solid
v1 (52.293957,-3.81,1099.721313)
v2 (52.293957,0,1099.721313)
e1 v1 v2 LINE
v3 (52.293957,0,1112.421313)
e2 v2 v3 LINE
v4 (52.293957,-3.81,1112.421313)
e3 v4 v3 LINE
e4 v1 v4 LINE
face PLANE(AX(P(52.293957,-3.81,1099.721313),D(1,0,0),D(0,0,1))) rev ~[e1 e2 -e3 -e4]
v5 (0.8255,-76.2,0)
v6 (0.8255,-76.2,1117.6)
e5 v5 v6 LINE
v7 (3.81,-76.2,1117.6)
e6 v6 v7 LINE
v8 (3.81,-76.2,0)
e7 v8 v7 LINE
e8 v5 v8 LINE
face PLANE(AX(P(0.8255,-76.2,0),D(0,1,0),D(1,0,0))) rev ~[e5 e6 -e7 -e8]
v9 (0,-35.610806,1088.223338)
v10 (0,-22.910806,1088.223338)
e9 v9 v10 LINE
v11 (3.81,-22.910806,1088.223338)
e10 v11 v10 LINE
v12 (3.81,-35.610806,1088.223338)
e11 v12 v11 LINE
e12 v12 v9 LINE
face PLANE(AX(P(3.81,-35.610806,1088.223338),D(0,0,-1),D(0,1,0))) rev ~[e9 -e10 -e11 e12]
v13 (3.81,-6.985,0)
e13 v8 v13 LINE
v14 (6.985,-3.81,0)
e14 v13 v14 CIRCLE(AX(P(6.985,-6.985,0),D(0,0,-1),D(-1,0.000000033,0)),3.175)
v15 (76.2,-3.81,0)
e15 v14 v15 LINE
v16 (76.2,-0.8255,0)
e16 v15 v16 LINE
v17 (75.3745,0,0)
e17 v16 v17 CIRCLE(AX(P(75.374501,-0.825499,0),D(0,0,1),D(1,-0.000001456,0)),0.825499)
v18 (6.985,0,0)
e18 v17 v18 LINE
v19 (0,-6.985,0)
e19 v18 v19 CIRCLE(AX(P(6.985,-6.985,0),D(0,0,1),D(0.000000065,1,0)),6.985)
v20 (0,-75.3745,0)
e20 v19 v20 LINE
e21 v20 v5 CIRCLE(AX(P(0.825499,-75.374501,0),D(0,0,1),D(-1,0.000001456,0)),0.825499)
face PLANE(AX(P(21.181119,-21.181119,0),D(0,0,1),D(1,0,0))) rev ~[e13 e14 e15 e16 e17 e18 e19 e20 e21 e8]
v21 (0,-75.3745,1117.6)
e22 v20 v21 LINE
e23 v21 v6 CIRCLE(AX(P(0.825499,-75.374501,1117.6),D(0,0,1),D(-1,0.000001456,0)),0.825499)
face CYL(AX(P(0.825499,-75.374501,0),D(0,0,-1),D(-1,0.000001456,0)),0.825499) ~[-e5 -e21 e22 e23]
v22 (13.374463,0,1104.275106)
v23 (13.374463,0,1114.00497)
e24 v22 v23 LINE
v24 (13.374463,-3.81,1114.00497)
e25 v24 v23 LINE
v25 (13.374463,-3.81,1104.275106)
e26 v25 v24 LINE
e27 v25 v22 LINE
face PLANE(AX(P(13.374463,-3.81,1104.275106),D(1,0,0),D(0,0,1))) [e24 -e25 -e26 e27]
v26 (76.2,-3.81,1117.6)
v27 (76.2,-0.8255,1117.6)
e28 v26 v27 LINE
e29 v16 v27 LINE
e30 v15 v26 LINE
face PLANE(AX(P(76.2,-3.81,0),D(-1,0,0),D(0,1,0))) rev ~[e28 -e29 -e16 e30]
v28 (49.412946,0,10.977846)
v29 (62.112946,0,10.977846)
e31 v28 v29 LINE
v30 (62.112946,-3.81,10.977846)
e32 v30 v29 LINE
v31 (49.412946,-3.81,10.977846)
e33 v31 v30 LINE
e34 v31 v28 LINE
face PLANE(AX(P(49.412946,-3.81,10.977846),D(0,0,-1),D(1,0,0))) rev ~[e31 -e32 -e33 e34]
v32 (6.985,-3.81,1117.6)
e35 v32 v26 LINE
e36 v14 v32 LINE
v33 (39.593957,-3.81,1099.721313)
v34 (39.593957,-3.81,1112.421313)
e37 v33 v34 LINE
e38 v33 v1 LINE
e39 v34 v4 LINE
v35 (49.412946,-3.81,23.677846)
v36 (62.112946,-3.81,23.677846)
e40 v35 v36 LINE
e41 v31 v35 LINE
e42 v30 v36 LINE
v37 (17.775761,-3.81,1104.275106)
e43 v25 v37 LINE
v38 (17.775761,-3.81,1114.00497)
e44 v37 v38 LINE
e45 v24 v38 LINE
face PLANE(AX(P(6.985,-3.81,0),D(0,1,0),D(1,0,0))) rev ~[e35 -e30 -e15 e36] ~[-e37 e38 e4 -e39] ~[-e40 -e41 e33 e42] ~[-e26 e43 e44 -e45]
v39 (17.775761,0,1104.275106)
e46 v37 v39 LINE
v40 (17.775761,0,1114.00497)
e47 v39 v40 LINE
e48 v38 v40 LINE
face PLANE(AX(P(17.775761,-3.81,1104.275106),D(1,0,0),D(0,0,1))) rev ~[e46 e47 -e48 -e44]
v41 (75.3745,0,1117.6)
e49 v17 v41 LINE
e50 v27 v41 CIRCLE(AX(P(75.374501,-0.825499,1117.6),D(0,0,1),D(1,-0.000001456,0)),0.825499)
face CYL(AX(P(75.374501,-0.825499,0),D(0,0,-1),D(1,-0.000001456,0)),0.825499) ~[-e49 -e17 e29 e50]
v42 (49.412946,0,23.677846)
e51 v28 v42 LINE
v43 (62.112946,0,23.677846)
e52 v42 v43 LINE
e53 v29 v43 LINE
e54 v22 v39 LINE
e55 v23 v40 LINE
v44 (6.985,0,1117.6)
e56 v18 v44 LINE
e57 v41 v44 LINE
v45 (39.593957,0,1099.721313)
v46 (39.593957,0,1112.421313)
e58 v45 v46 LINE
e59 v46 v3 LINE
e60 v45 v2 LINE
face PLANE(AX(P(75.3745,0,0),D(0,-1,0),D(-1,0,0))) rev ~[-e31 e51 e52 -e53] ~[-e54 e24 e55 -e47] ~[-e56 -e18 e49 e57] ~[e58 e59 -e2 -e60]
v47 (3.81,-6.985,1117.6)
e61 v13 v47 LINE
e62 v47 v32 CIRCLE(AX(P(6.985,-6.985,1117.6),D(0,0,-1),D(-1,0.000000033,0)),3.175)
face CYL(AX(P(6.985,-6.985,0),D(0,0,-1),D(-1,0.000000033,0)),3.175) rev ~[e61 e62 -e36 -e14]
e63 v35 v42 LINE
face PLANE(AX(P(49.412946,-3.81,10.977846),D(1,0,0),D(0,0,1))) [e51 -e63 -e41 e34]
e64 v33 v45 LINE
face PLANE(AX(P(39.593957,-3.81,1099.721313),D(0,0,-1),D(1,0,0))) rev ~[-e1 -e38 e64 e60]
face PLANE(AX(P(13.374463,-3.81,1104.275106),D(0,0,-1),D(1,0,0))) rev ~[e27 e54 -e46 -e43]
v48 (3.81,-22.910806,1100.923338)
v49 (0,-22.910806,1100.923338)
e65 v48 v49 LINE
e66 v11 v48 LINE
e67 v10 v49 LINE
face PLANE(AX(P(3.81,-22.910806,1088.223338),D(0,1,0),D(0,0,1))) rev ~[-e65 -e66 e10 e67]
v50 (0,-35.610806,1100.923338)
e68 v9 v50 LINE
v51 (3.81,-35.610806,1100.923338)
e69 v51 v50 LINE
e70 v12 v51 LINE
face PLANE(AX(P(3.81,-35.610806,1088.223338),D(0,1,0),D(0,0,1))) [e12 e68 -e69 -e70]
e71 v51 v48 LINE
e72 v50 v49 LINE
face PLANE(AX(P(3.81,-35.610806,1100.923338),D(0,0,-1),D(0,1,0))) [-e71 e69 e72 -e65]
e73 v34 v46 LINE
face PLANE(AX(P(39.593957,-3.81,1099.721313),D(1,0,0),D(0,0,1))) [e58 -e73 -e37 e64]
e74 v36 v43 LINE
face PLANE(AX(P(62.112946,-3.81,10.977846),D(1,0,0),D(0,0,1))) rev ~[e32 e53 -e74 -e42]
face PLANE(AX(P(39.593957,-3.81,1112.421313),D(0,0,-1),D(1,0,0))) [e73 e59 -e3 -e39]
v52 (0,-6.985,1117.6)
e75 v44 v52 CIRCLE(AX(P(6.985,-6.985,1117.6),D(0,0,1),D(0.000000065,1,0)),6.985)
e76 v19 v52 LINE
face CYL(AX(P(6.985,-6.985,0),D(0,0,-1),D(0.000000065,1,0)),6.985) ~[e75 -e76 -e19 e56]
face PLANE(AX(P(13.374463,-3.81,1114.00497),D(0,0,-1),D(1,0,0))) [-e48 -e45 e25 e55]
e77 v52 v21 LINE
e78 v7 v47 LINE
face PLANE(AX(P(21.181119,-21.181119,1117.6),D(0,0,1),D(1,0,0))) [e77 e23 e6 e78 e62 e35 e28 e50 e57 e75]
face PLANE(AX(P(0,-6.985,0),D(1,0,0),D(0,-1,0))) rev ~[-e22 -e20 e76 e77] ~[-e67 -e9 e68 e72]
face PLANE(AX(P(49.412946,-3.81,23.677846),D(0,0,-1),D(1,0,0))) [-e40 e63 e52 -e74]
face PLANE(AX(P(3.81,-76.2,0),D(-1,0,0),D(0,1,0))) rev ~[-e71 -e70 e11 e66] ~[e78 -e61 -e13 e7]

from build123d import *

# Parameters (mm, degrees)
F1_DEPTH  = 1117.6
F1_FACE_W = 69.215
F1_FACE_H = 1117.6
F2_DEPTH  = 12.7
F3_W      = 4.401298
F3_H      = 9.729863
F3_W_2    = 12.7
F3_H_2    = 12.7
F4_DEPTH  = 3.811
F5_W      = 12.7
F5_H      = 12.7
F6_DEPTH  = 3.811
F7_W      = 12.7
F7_H      = 12.7
F8_DEPTH  = 3.811


with BuildPart() as f1:
    # F0 (on Top) → F1 (new body)
    with BuildSketch(Plane.XY):
        with BuildLine():
            ThreePointArc((0, -75.3745), (0.241783, -75.958217), (0.8255, -76.2))
            Line((0.8255, -76.2), (3.81, -76.2))
            Line((3.81, -76.2), (3.81, -6.985))
            ThreePointArc((3.81, -6.985), (4.739936, -4.739936), (6.985, -3.81))
            Line((6.985, -3.81), (76.2, -3.81))
            Line((76.2, -3.81), (76.2, -0.8255))
            ThreePointArc((76.2, -0.8255), (75.958217, -0.241783), (75.3745, 0))
            Line((75.3745, 0), (6.985, 0))
            ThreePointArc((6.985, 0), (2.045859, -2.045859), (0, -6.985))
            Line((0, -6.985), (0, -75.3745))
        make_face()
    extrude(amount=F1_DEPTH)

    # F1_face (on face) → F2 (cut)
    with BuildSketch(Plane(origin=(41.5925, -3.81, 558.8), x_dir=(1, 0, 0), z_dir=(0, -1, 0))):
        Rectangle(F1_FACE_W, F1_FACE_H)
    extrude(amount=F2_DEPTH, mode=Mode.SUBTRACT)

    # F3 (on face) → F4 (cut, through all)
    with BuildSketch(Plane.XZ.offset(3.81)):
        with Locations((15.575112, 1109.140038)):
            Rectangle(F3_W, F3_H)
        with Locations((45.943957, 1106.071313)):
            Rectangle(F3_W_2, F3_H_2)
    extrude(amount=-F4_DEPTH, mode=Mode.SUBTRACT)

    # F5 (on face) → F6 (cut, through all)
    with BuildSketch(Plane.YZ.offset(3.81)):
        with Locations((-29.260806, 1094.573338)):
            Rectangle(F5_W, F5_H)
    extrude(amount=-F6_DEPTH, mode=Mode.SUBTRACT)

    # F7 (on face) → F8 (cut, through all)
    with BuildSketch(Plane.XZ.offset(3.81)):
        with Locations((55.762946, 17.327846)):
            Rectangle(F7_W, F7_H)
    extrude(amount=-F8_DEPTH, mode=Mode.SUBTRACT)


solid = f1.part
